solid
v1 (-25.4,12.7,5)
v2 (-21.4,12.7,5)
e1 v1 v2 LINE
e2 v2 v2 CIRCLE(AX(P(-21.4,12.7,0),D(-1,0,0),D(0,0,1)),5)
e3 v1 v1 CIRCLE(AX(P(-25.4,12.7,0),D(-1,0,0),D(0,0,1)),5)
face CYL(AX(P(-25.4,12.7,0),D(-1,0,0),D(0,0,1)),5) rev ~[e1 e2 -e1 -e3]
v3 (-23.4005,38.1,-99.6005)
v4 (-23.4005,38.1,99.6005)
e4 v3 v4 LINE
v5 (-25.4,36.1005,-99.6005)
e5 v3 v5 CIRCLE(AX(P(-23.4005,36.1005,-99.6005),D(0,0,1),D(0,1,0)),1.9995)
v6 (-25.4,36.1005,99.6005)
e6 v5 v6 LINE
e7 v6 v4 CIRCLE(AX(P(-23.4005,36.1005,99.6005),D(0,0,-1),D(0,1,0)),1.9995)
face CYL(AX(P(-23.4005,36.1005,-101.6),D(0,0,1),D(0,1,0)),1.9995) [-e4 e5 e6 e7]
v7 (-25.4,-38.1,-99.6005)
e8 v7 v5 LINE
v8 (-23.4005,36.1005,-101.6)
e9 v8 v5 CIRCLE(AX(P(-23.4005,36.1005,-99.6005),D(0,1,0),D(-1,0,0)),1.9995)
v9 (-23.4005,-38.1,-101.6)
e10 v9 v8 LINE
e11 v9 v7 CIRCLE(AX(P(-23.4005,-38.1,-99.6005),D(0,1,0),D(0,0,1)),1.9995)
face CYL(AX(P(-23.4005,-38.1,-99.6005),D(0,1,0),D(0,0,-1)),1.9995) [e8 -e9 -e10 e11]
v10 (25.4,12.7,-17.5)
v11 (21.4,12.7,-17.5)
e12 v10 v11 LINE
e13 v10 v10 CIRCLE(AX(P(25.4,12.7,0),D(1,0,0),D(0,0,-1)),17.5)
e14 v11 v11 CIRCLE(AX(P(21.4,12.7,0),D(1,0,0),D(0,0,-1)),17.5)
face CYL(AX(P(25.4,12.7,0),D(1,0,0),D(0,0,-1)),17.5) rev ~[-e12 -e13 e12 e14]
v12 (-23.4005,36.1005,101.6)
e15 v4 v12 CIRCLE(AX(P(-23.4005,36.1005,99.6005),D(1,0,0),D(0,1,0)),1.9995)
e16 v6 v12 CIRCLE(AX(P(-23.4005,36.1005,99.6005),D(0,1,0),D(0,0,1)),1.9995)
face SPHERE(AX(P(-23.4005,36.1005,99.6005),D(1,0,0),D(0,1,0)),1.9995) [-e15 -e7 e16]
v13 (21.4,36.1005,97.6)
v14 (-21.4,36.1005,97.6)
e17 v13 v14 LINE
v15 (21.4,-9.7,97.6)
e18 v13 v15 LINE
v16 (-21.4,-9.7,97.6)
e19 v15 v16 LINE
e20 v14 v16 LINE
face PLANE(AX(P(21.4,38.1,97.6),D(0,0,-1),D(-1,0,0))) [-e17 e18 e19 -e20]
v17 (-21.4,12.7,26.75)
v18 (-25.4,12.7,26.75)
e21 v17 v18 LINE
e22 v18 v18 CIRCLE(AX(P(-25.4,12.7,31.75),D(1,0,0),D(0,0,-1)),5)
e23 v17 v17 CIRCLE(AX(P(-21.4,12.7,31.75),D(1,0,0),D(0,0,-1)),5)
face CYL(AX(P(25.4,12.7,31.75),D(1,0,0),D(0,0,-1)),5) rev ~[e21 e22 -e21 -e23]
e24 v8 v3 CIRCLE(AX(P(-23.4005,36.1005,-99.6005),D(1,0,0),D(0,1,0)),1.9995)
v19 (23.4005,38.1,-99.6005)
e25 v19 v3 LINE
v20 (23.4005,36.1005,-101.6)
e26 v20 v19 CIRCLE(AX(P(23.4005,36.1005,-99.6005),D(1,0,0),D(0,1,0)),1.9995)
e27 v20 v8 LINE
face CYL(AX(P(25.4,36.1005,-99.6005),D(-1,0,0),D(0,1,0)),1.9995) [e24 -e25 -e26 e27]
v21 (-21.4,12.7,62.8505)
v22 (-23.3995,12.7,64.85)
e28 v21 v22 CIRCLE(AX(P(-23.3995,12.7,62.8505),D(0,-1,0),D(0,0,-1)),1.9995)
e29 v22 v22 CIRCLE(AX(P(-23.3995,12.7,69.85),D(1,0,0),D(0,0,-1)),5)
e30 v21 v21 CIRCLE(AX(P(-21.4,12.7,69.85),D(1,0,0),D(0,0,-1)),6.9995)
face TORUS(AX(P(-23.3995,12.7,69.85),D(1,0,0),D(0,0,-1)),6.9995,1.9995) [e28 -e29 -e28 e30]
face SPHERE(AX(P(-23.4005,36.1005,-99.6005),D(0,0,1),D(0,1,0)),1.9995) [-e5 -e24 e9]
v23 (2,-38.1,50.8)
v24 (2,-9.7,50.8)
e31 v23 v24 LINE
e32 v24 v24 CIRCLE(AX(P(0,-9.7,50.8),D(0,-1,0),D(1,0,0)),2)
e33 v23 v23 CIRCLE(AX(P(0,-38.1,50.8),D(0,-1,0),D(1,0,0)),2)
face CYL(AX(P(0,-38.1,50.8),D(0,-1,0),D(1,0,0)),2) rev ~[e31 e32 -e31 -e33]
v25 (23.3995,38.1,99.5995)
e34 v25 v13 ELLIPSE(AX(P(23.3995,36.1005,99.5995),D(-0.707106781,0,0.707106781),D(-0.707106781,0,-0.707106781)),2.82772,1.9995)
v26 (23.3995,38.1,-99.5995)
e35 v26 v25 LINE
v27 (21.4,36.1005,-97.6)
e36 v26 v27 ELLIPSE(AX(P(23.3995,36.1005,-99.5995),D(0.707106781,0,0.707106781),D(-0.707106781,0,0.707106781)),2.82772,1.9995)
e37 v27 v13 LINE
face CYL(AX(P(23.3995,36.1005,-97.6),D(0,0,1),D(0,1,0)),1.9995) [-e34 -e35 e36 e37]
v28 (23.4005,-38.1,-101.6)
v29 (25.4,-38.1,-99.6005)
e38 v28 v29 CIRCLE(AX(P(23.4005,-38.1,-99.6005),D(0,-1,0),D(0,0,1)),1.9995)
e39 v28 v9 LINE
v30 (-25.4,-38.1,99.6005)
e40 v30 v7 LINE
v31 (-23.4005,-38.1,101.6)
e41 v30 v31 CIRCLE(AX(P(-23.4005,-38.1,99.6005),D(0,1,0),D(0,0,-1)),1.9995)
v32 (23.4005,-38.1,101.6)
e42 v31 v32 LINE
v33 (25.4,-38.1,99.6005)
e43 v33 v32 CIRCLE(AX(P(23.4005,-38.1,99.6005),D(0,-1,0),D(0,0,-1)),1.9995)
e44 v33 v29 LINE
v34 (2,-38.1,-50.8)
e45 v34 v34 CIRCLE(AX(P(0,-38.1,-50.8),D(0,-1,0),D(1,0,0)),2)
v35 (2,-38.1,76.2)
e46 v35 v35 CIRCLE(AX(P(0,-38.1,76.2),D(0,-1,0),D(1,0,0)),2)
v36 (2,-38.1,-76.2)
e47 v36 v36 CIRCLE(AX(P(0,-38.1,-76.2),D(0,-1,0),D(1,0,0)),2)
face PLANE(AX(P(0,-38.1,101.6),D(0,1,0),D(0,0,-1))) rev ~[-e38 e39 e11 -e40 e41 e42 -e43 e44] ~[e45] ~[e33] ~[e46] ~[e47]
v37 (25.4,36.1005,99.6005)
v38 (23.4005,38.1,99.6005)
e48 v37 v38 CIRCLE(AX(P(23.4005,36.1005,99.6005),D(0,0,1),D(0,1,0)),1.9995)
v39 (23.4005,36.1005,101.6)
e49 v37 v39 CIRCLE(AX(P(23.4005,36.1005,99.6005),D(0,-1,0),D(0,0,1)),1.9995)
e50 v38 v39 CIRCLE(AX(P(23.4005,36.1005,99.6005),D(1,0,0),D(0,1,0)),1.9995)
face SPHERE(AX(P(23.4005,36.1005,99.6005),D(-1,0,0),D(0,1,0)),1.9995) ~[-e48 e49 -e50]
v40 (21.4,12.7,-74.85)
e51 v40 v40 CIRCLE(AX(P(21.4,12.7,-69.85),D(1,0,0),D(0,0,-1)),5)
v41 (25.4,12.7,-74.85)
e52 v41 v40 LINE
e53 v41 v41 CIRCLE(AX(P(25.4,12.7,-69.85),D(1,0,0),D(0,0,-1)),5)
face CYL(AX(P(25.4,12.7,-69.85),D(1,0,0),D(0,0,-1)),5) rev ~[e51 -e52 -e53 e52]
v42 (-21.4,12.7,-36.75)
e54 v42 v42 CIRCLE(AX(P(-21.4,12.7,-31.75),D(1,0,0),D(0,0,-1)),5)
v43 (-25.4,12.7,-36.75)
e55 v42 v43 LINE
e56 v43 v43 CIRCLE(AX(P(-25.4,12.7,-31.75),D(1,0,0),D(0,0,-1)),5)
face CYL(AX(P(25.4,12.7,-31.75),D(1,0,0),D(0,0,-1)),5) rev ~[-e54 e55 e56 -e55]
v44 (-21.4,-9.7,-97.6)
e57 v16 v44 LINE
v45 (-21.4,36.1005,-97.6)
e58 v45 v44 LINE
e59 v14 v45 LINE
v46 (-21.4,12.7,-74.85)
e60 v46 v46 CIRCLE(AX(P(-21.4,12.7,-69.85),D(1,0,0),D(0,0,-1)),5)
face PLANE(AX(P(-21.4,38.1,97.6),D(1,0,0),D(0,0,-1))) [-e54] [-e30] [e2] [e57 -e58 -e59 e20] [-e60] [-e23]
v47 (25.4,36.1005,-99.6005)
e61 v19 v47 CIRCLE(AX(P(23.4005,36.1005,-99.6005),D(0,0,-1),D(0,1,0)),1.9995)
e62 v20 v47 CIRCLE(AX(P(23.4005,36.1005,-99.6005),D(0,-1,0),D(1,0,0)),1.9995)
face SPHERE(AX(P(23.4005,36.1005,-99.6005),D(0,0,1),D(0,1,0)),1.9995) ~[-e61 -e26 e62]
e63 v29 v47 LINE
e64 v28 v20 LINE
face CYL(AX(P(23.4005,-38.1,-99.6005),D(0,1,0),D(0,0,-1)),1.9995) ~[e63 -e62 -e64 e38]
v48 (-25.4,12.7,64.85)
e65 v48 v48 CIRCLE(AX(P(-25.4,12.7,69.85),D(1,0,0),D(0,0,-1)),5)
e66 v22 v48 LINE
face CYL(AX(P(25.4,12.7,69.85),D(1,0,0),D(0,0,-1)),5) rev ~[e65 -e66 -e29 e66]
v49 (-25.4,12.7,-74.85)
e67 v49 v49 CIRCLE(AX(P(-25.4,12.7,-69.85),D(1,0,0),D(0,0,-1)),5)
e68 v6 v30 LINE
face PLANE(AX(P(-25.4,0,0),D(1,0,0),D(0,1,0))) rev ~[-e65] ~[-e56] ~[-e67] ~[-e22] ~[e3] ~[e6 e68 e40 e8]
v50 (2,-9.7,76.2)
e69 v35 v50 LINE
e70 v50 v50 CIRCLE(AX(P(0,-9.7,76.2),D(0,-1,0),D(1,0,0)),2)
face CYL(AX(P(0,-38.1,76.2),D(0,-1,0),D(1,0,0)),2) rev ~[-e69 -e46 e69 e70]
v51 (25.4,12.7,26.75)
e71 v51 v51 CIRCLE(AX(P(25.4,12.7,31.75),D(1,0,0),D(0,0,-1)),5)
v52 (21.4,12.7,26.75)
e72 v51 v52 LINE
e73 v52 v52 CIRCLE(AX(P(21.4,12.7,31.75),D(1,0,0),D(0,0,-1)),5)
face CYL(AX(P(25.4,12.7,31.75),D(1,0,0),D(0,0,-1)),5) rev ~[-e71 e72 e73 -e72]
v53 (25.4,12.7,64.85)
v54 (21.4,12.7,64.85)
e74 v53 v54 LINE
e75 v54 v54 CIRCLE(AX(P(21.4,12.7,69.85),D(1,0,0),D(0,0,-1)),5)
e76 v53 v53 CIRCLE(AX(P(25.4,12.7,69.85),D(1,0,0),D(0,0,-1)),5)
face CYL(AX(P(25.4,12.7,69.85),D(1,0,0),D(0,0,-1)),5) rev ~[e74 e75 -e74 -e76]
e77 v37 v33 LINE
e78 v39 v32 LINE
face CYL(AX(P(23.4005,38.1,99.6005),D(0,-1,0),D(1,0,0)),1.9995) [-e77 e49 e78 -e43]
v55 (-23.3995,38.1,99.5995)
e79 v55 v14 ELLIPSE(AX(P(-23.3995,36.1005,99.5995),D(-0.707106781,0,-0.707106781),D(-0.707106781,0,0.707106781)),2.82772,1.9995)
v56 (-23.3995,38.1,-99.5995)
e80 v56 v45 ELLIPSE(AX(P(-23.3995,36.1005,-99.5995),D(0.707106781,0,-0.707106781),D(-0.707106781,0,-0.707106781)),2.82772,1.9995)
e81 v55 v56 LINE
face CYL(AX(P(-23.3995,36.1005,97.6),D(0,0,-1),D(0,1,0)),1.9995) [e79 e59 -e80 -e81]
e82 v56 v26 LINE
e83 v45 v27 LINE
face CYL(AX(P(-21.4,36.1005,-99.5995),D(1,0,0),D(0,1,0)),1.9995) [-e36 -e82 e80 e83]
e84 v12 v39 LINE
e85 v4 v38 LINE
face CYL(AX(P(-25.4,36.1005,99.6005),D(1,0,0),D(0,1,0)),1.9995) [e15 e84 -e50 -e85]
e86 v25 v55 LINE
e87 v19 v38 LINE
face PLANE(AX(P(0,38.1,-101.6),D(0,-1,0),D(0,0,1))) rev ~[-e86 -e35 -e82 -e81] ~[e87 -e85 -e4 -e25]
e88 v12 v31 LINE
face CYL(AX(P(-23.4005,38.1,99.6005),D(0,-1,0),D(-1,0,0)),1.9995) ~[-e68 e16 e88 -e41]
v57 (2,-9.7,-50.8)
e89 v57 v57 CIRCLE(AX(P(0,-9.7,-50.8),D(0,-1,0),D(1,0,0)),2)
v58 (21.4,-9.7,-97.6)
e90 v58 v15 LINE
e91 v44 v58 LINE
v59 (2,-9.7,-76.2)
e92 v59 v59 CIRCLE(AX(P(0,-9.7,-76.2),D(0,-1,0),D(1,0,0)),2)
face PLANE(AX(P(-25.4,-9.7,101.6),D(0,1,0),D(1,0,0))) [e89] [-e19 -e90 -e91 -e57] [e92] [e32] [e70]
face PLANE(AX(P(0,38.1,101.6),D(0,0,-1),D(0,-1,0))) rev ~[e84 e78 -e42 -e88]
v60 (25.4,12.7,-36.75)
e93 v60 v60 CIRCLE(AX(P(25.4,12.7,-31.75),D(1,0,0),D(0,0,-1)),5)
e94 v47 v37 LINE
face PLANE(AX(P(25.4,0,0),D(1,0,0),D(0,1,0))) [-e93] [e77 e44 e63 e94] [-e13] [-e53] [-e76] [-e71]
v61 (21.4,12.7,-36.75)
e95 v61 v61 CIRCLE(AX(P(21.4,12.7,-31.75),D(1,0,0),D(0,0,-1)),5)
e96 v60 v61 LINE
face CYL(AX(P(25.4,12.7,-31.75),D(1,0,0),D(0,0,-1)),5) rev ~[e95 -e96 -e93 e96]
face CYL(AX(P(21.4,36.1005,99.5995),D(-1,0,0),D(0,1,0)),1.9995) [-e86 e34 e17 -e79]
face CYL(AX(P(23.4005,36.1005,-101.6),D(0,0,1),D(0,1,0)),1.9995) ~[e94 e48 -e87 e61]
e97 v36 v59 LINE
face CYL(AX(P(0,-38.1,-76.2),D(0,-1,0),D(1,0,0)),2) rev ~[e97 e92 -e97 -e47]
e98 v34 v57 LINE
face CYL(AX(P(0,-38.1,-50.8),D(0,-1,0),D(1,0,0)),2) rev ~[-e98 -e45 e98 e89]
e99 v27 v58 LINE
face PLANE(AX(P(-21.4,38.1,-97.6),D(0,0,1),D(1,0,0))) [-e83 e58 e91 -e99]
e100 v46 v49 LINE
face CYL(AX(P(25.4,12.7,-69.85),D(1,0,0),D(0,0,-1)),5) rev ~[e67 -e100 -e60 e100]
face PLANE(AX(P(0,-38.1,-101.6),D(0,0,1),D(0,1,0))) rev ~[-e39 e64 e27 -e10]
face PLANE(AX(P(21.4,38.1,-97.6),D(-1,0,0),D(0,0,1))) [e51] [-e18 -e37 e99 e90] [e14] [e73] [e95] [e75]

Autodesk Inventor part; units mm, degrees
ref_plane "YZ Plane" through (0, 0, 0) normal (1, 0, 0) x (0, 1, 0)
ref_plane "XZ Plane" through (0, 0, 0) normal (0, 1, 0) x (-1, 0, 0)
ref_plane "XY Plane" through (0, 0, 0) normal (0, 0, 1) x (1, 0, 0)
sketch "Sketch1" plane through (0, 0, 0) normal (1, 0, 0) x (0, 1, 0)
  line L0 (38.1, 101.6) -> (-38.1, 101.6)
  line L1 (-38.1, 101.6) -> (-38.1, -101.6)
  line L2 (-38.1, -101.6) -> (38.1, -101.6)
  line L3 (38.1, -101.6) -> (38.1, 101.6)
  line L4 (38.1, 101.6) -> (-38.1, -101.6) construction
  line L5 (-38.1, 101.6) -> (38.1, -101.6) construction
  point P0 (0, 0)
  dimension "d0" = 76.2
  dimension "d1" = 203.2
extrude "Extrusion1" add sketch "Sketch1" along normal mid plane 50.8
sketch "Sketch2" plane through (-25.4, 38.1, 101.6) normal (0, 1, 0) x (1, 0, 0)
  line L0 (4, 199.2) -> (46.8, 199.2)
  line L1 (46.8, 199.2) -> (46.8, 4)
  line L2 (46.8, 4) -> (4, 4)
  line L3 (4, 4) -> (4, 199.2)
  line L4 (4, 199.2) -> (46.8, 4) construction
  line L5 (46.8, 199.2) -> (4, 4) construction
  line L6 (0, 0) -> (0, 203.2) projected
  line L7 (0, 0) -> (50.8, 0) projected
  point P0 (25.4, 101.6)
  dimension "d4" = 4
  dimension "d5" = 4
extrude "Extrusion2" cut sketch "Sketch2" against normal blind 47.8
sketch "Sketch5" plane through (-25.4, -38.1, -101.6) normal (0, -1, 0) x (1, 0, 0)
  circle A0 centre (25.4, 152.4) radius 2
  circle A1 centre (25.4, 177.8) radius 2
  circle A2 centre (25.4, 50.8) radius 2
  circle A3 centre (25.4, 25.4) radius 2
  line L0 (50.8, 203.2) -> (0, 203.2) projected
  line L1 (0, 0) -> (50.8, 0) projected
  line L2 (50.8, 203.2) -> (50.8, 0) projected
  point P0 (25.4, 101.6)
  dimension "d33" = 4
  dimension "d34" = 4
  dimension "d35" = 4
  dimension "d36" = 4
  dimension "d37" = 25.4
  dimension "d38" = 25.4
  dimension "d39" = 50.8
  dimension "d40" = 50.8
  dimension "d41" = 25.4
  dimension "d42" = 25.4
  dimension "d43" = 25.4
  dimension "d44" = 25.4
extrude "Extrusion5" cut sketch "Sketch5" against normal through all
sketch "Sketch6" plane through (25.4, 0, 0) normal (1, 0, 0) x (0, 0, -1)
  point P0 (0, 0)
sketch "Sketch7" plane through (25.4, 0, 0) normal (1, 0, 0) x (0, 0, -1)
  point P0 (0, 0)
sketch "Sketch8" plane through (25.4, 0, 0) normal (1, 0, 0) x (0, 0, -1)
  circle A0 centre (-69.85, 12.7) radius 5
  circle A1 centre (-31.75, 12.7) radius 5
  circle A2 centre (31.75, 12.7) radius 5
  circle A3 centre (69.85, 12.7) radius 5
  line L0 (-101.6, 38.1) -> (-101.6, -38.1)
  line L1 (101.6, -38.1) -> (101.6, 38.1)
  line L2 (101.6, 38.1) -> (-101.6, 38.1) projected
  point P0 (0, 0)
  dimension "d47" = 10
  dimension "d48" = 10
  dimension "d49" = 10
  dimension "d50" = 10
  dimension "d51" = 31.75
  dimension "d52" = 69.85
  dimension "d53" = 31.75
  dimension "d54" = 69.85
  dimension "d55" = 25.4
  dimension "d56" = 25.4
  dimension "d57" = 25.4
  dimension "d58" = 25.4
sketch "Sketch9" plane through (25.4, 0, 0) normal (1, 0, 0) x (0, 0, -1)
  point P0 (0, 0)
sketch "Sketch10" plane through (25.4, 0, 0) normal (1, 0, 0) x (0, 0, -1)
  point P0 (0, 0)
extrude "Extrusion6" cut sketch "Sketch8" against normal through all
fillet "Fillet1" radius 2 13 edges at (0, 38.1, 101.6) (0, 38.1, 97.6) (-21.4, 12.7, 74.85) (25.4, 38.1, 0) (21.4, 38.1, 0) (-21.4, 38.1, 0) (-25.4, 38.1, 0) (0, 38.1, -97.6) (0, 38.1, -101.6) (25.4, 0, 101.6) (-25.4, 0, 101.6) (25.4, 0, -101.6) (-25.4, 0, -101.6)
sketch "Sketch11" plane through (0, 0, 0) normal (0, 1, 0) x (-1, 0, 0)
  point P0 (0, 0)
sketch "Sketch12" plane through (0, 0, 0) normal (0, 1, 0) x (-1, 0, 0)
  point P0 (0, 0)
sketch "Sketch13" plane through (-25.4, 0, 0) normal (-1, 0, 0) x (0, 0, 1)
  circle A0 centre (0, 12.7) radius 5
  line L0 (-99.6, -38.1) -> (99.6, -38.1) projected
  point P0 (0, 0)
  dimension "d62" = 10
  dimension "d63" = 50.8
extrude "Extrusion7" cut sketch "Sketch13" against normal blind 4
sketch "Sketch14" plane through (25.4, 0, 0) normal (1, 0, 0) x (0, 0, -1)
  circle A0 centre (0, 12.7) radius 17.5
  line L0 (-99.6, 36.1) -> (99.6, 36.1) projected
  point P0 (0, 0)
  dimension "d66" = 35
  dimension "d69" = 23.4
extrude "Extrusion8" cut sketch "Sketch14" against normal blind 4
sketch "Sketch15" plane through (25.4, 0, 0) normal (1, 0, 0) x (0, 0, -1)
  point P0 (0, 0)
properties part number "gear holder" material "Stainless Steel"
